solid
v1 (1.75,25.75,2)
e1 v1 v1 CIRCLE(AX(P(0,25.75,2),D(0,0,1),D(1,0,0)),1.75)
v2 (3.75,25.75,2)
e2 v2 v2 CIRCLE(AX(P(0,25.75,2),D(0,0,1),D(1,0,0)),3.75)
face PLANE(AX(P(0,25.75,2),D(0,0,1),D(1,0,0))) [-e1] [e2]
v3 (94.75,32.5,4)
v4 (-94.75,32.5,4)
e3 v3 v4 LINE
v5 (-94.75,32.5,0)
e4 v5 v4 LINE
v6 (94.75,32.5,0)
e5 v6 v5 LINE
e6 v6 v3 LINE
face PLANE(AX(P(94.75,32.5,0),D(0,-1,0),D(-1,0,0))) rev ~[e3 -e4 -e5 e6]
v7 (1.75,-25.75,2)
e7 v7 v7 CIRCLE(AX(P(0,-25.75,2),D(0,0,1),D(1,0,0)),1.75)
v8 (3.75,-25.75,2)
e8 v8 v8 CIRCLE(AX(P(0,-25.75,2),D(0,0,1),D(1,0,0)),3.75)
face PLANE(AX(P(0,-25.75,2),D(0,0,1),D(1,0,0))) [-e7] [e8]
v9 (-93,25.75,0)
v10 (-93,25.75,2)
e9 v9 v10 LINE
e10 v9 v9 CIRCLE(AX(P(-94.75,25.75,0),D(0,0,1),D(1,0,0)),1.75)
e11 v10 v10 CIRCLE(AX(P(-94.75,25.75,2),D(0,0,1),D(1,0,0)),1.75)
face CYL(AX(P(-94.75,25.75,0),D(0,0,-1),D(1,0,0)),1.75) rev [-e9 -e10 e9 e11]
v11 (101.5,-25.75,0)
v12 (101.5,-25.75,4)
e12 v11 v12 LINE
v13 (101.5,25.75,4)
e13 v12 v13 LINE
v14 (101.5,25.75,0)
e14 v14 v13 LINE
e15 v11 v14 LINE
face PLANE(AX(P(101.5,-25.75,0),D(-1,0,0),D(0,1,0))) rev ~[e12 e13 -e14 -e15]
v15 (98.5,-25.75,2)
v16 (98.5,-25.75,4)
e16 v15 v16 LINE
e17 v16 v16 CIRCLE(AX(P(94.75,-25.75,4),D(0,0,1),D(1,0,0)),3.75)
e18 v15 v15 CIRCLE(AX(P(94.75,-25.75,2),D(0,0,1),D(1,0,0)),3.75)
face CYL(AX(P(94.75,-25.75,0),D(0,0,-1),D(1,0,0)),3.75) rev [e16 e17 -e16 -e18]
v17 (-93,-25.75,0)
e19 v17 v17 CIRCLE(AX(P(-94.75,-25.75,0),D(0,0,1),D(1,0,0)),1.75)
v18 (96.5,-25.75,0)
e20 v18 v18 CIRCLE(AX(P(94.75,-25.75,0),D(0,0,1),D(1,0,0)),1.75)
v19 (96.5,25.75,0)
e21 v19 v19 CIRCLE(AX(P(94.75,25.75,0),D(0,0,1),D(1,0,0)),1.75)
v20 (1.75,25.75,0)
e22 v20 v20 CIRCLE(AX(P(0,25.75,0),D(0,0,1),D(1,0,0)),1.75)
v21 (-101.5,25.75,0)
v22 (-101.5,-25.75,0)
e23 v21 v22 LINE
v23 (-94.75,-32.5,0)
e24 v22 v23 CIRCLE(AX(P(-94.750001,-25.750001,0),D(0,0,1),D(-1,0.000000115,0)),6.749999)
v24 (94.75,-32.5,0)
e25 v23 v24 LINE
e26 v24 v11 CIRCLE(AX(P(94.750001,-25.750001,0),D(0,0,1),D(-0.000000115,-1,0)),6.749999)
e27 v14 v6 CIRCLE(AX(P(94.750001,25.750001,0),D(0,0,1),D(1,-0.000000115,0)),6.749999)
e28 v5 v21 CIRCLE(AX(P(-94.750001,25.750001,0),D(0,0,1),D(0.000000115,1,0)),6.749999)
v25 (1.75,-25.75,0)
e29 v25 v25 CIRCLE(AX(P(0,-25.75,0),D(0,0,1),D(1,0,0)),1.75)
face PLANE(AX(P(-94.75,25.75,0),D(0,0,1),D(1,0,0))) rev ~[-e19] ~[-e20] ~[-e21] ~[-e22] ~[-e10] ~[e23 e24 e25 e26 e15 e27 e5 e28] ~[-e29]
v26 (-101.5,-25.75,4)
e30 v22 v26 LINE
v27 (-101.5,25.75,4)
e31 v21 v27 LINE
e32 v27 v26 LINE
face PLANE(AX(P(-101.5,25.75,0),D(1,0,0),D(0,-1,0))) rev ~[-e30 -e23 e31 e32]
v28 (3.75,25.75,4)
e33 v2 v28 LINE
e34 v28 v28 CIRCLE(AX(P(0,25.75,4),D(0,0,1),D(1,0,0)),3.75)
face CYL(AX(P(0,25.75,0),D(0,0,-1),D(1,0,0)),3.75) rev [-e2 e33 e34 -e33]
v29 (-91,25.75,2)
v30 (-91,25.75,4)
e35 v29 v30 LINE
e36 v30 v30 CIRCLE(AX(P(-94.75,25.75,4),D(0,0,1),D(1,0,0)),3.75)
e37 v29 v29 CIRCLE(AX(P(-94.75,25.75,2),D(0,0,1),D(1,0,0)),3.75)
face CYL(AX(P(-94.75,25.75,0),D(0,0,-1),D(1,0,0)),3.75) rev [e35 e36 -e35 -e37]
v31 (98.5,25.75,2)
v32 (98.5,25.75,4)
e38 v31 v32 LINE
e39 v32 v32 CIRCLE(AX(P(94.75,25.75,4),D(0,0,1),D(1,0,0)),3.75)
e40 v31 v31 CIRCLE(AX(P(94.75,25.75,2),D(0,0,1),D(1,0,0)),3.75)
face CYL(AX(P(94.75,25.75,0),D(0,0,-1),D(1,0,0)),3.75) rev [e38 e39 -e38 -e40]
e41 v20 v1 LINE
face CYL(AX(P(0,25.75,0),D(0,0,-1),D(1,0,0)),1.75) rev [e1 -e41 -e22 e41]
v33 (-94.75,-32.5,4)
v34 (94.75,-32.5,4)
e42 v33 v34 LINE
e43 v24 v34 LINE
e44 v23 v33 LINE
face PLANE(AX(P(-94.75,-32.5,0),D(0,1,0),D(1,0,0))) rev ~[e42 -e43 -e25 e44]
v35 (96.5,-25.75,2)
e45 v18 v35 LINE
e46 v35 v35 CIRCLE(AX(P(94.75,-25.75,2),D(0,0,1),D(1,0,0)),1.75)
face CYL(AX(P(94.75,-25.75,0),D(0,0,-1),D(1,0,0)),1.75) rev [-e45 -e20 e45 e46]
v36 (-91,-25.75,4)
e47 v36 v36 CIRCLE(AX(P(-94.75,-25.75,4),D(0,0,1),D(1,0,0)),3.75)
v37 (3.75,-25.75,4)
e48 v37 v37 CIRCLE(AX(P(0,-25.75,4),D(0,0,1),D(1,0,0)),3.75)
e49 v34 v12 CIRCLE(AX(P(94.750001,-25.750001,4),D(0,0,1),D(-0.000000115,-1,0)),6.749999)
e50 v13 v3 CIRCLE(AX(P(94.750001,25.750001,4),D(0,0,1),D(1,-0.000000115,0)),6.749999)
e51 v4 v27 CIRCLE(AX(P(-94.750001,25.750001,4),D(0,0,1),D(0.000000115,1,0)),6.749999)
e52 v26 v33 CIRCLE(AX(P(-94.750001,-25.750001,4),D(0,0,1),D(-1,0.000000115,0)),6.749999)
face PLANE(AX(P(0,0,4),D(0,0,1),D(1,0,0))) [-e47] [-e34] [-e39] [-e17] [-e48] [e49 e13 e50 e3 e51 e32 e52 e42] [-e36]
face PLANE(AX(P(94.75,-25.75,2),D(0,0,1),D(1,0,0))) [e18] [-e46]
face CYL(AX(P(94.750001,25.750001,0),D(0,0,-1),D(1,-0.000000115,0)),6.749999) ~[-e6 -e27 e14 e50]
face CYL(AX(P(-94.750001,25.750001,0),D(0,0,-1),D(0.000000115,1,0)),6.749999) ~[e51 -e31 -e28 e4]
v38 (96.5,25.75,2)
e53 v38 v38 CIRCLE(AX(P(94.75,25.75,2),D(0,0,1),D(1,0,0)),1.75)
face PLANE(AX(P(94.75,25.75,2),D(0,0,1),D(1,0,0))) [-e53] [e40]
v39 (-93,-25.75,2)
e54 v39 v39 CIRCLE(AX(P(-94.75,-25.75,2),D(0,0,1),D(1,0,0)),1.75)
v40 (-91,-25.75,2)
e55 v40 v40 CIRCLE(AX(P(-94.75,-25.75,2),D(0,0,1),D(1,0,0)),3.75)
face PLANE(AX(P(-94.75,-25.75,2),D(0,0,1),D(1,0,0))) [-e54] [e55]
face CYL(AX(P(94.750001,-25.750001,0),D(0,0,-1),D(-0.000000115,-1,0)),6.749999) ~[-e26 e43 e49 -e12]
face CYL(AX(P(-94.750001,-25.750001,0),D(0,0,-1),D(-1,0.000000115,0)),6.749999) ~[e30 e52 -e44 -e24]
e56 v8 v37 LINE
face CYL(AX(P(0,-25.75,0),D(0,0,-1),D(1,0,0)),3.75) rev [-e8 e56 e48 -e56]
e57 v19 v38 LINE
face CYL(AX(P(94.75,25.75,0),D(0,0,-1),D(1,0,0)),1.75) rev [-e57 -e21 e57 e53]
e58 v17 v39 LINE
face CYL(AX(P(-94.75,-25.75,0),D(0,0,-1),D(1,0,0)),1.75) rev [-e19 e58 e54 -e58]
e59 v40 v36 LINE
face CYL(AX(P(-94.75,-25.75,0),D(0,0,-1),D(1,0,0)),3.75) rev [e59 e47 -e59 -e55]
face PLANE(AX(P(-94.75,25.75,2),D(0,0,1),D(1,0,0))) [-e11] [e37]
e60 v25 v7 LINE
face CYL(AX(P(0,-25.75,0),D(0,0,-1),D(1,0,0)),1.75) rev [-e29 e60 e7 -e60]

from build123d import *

# Parameters (mm, degrees)
F0_R     = 3.75
F1_DEPTH = 4
F0_R_2   = 1.75
F2_DEPTH = 2


with BuildPart() as f1:
    # F0 (on Top) → F1 (new body)
    with BuildSketch(Plane.XY):
        with BuildLine():
            Line((-94.75, -32.5), (94.75, -32.5))
            ThreePointArc((94.75, -32.5), (99.522971, -30.522971), (101.5, -25.75))
            Line((101.5, -25.75), (101.5, 25.75))
            ThreePointArc((101.5, 25.75), (99.522971, 30.522971), (94.75, 32.5))
            Line((94.75, 32.5), (-94.75, 32.5))
            ThreePointArc((-94.75, 32.5), (-99.522971, 30.522971), (-101.5, 25.75))
            Line((-101.5, 25.75), (-101.5, -25.75))
            ThreePointArc((-101.5, -25.75), (-99.522971, -30.522971), (-94.75, -32.5))
        make_face()
        with Locations((-94.75, -25.75)):
            Circle(F0_R, mode=Mode.SUBTRACT)
        with Locations((0, -25.75)):
            Circle(F0_R, mode=Mode.SUBTRACT)
        with Locations((94.75, -25.75)):
            Circle(F0_R, mode=Mode.SUBTRACT)
        with Locations((-94.75, 25.75)):
            Circle(F0_R, mode=Mode.SUBTRACT)
        with Locations((0, 25.75)):
            Circle(F0_R, mode=Mode.SUBTRACT)
        with Locations((94.75, 25.75)):
            Circle(F0_R, mode=Mode.SUBTRACT)
    extrude(amount=F1_DEPTH)

    # F0 (on Top) → F2 (join)
    with BuildSketch(Plane.XY):
        with Locations((-94.75, 25.75)):
            Circle(F0_R)
        with Locations((-94.75, 25.75)):
            Circle(F0_R_2, mode=Mode.SUBTRACT)
        with Locations((0, 25.75)):
            Circle(F0_R)
        with Locations((0, 25.75)):
            Circle(F0_R_2, mode=Mode.SUBTRACT)
        with Locations((-94.75, -25.75)):
            Circle(F0_R)
        with Locations((-94.75, -25.75)):
            Circle(F0_R_2, mode=Mode.SUBTRACT)
        with Locations((0, -25.75)):
            Circle(F0_R)
        with Locations((0, -25.75)):
            Circle(F0_R_2, mode=Mode.SUBTRACT)
        with Locations((94.75, -25.75)):
            Circle(F0_R)
        with Locations((94.75, -25.75)):
            Circle(F0_R_2, mode=Mode.SUBTRACT)
        with Locations((94.75, 25.75)):
            Circle(F0_R)
        with Locations((94.75, 25.75)):
            Circle(F0_R_2, mode=Mode.SUBTRACT)
    extrude(amount=F2_DEPTH)


solid = f1.part
